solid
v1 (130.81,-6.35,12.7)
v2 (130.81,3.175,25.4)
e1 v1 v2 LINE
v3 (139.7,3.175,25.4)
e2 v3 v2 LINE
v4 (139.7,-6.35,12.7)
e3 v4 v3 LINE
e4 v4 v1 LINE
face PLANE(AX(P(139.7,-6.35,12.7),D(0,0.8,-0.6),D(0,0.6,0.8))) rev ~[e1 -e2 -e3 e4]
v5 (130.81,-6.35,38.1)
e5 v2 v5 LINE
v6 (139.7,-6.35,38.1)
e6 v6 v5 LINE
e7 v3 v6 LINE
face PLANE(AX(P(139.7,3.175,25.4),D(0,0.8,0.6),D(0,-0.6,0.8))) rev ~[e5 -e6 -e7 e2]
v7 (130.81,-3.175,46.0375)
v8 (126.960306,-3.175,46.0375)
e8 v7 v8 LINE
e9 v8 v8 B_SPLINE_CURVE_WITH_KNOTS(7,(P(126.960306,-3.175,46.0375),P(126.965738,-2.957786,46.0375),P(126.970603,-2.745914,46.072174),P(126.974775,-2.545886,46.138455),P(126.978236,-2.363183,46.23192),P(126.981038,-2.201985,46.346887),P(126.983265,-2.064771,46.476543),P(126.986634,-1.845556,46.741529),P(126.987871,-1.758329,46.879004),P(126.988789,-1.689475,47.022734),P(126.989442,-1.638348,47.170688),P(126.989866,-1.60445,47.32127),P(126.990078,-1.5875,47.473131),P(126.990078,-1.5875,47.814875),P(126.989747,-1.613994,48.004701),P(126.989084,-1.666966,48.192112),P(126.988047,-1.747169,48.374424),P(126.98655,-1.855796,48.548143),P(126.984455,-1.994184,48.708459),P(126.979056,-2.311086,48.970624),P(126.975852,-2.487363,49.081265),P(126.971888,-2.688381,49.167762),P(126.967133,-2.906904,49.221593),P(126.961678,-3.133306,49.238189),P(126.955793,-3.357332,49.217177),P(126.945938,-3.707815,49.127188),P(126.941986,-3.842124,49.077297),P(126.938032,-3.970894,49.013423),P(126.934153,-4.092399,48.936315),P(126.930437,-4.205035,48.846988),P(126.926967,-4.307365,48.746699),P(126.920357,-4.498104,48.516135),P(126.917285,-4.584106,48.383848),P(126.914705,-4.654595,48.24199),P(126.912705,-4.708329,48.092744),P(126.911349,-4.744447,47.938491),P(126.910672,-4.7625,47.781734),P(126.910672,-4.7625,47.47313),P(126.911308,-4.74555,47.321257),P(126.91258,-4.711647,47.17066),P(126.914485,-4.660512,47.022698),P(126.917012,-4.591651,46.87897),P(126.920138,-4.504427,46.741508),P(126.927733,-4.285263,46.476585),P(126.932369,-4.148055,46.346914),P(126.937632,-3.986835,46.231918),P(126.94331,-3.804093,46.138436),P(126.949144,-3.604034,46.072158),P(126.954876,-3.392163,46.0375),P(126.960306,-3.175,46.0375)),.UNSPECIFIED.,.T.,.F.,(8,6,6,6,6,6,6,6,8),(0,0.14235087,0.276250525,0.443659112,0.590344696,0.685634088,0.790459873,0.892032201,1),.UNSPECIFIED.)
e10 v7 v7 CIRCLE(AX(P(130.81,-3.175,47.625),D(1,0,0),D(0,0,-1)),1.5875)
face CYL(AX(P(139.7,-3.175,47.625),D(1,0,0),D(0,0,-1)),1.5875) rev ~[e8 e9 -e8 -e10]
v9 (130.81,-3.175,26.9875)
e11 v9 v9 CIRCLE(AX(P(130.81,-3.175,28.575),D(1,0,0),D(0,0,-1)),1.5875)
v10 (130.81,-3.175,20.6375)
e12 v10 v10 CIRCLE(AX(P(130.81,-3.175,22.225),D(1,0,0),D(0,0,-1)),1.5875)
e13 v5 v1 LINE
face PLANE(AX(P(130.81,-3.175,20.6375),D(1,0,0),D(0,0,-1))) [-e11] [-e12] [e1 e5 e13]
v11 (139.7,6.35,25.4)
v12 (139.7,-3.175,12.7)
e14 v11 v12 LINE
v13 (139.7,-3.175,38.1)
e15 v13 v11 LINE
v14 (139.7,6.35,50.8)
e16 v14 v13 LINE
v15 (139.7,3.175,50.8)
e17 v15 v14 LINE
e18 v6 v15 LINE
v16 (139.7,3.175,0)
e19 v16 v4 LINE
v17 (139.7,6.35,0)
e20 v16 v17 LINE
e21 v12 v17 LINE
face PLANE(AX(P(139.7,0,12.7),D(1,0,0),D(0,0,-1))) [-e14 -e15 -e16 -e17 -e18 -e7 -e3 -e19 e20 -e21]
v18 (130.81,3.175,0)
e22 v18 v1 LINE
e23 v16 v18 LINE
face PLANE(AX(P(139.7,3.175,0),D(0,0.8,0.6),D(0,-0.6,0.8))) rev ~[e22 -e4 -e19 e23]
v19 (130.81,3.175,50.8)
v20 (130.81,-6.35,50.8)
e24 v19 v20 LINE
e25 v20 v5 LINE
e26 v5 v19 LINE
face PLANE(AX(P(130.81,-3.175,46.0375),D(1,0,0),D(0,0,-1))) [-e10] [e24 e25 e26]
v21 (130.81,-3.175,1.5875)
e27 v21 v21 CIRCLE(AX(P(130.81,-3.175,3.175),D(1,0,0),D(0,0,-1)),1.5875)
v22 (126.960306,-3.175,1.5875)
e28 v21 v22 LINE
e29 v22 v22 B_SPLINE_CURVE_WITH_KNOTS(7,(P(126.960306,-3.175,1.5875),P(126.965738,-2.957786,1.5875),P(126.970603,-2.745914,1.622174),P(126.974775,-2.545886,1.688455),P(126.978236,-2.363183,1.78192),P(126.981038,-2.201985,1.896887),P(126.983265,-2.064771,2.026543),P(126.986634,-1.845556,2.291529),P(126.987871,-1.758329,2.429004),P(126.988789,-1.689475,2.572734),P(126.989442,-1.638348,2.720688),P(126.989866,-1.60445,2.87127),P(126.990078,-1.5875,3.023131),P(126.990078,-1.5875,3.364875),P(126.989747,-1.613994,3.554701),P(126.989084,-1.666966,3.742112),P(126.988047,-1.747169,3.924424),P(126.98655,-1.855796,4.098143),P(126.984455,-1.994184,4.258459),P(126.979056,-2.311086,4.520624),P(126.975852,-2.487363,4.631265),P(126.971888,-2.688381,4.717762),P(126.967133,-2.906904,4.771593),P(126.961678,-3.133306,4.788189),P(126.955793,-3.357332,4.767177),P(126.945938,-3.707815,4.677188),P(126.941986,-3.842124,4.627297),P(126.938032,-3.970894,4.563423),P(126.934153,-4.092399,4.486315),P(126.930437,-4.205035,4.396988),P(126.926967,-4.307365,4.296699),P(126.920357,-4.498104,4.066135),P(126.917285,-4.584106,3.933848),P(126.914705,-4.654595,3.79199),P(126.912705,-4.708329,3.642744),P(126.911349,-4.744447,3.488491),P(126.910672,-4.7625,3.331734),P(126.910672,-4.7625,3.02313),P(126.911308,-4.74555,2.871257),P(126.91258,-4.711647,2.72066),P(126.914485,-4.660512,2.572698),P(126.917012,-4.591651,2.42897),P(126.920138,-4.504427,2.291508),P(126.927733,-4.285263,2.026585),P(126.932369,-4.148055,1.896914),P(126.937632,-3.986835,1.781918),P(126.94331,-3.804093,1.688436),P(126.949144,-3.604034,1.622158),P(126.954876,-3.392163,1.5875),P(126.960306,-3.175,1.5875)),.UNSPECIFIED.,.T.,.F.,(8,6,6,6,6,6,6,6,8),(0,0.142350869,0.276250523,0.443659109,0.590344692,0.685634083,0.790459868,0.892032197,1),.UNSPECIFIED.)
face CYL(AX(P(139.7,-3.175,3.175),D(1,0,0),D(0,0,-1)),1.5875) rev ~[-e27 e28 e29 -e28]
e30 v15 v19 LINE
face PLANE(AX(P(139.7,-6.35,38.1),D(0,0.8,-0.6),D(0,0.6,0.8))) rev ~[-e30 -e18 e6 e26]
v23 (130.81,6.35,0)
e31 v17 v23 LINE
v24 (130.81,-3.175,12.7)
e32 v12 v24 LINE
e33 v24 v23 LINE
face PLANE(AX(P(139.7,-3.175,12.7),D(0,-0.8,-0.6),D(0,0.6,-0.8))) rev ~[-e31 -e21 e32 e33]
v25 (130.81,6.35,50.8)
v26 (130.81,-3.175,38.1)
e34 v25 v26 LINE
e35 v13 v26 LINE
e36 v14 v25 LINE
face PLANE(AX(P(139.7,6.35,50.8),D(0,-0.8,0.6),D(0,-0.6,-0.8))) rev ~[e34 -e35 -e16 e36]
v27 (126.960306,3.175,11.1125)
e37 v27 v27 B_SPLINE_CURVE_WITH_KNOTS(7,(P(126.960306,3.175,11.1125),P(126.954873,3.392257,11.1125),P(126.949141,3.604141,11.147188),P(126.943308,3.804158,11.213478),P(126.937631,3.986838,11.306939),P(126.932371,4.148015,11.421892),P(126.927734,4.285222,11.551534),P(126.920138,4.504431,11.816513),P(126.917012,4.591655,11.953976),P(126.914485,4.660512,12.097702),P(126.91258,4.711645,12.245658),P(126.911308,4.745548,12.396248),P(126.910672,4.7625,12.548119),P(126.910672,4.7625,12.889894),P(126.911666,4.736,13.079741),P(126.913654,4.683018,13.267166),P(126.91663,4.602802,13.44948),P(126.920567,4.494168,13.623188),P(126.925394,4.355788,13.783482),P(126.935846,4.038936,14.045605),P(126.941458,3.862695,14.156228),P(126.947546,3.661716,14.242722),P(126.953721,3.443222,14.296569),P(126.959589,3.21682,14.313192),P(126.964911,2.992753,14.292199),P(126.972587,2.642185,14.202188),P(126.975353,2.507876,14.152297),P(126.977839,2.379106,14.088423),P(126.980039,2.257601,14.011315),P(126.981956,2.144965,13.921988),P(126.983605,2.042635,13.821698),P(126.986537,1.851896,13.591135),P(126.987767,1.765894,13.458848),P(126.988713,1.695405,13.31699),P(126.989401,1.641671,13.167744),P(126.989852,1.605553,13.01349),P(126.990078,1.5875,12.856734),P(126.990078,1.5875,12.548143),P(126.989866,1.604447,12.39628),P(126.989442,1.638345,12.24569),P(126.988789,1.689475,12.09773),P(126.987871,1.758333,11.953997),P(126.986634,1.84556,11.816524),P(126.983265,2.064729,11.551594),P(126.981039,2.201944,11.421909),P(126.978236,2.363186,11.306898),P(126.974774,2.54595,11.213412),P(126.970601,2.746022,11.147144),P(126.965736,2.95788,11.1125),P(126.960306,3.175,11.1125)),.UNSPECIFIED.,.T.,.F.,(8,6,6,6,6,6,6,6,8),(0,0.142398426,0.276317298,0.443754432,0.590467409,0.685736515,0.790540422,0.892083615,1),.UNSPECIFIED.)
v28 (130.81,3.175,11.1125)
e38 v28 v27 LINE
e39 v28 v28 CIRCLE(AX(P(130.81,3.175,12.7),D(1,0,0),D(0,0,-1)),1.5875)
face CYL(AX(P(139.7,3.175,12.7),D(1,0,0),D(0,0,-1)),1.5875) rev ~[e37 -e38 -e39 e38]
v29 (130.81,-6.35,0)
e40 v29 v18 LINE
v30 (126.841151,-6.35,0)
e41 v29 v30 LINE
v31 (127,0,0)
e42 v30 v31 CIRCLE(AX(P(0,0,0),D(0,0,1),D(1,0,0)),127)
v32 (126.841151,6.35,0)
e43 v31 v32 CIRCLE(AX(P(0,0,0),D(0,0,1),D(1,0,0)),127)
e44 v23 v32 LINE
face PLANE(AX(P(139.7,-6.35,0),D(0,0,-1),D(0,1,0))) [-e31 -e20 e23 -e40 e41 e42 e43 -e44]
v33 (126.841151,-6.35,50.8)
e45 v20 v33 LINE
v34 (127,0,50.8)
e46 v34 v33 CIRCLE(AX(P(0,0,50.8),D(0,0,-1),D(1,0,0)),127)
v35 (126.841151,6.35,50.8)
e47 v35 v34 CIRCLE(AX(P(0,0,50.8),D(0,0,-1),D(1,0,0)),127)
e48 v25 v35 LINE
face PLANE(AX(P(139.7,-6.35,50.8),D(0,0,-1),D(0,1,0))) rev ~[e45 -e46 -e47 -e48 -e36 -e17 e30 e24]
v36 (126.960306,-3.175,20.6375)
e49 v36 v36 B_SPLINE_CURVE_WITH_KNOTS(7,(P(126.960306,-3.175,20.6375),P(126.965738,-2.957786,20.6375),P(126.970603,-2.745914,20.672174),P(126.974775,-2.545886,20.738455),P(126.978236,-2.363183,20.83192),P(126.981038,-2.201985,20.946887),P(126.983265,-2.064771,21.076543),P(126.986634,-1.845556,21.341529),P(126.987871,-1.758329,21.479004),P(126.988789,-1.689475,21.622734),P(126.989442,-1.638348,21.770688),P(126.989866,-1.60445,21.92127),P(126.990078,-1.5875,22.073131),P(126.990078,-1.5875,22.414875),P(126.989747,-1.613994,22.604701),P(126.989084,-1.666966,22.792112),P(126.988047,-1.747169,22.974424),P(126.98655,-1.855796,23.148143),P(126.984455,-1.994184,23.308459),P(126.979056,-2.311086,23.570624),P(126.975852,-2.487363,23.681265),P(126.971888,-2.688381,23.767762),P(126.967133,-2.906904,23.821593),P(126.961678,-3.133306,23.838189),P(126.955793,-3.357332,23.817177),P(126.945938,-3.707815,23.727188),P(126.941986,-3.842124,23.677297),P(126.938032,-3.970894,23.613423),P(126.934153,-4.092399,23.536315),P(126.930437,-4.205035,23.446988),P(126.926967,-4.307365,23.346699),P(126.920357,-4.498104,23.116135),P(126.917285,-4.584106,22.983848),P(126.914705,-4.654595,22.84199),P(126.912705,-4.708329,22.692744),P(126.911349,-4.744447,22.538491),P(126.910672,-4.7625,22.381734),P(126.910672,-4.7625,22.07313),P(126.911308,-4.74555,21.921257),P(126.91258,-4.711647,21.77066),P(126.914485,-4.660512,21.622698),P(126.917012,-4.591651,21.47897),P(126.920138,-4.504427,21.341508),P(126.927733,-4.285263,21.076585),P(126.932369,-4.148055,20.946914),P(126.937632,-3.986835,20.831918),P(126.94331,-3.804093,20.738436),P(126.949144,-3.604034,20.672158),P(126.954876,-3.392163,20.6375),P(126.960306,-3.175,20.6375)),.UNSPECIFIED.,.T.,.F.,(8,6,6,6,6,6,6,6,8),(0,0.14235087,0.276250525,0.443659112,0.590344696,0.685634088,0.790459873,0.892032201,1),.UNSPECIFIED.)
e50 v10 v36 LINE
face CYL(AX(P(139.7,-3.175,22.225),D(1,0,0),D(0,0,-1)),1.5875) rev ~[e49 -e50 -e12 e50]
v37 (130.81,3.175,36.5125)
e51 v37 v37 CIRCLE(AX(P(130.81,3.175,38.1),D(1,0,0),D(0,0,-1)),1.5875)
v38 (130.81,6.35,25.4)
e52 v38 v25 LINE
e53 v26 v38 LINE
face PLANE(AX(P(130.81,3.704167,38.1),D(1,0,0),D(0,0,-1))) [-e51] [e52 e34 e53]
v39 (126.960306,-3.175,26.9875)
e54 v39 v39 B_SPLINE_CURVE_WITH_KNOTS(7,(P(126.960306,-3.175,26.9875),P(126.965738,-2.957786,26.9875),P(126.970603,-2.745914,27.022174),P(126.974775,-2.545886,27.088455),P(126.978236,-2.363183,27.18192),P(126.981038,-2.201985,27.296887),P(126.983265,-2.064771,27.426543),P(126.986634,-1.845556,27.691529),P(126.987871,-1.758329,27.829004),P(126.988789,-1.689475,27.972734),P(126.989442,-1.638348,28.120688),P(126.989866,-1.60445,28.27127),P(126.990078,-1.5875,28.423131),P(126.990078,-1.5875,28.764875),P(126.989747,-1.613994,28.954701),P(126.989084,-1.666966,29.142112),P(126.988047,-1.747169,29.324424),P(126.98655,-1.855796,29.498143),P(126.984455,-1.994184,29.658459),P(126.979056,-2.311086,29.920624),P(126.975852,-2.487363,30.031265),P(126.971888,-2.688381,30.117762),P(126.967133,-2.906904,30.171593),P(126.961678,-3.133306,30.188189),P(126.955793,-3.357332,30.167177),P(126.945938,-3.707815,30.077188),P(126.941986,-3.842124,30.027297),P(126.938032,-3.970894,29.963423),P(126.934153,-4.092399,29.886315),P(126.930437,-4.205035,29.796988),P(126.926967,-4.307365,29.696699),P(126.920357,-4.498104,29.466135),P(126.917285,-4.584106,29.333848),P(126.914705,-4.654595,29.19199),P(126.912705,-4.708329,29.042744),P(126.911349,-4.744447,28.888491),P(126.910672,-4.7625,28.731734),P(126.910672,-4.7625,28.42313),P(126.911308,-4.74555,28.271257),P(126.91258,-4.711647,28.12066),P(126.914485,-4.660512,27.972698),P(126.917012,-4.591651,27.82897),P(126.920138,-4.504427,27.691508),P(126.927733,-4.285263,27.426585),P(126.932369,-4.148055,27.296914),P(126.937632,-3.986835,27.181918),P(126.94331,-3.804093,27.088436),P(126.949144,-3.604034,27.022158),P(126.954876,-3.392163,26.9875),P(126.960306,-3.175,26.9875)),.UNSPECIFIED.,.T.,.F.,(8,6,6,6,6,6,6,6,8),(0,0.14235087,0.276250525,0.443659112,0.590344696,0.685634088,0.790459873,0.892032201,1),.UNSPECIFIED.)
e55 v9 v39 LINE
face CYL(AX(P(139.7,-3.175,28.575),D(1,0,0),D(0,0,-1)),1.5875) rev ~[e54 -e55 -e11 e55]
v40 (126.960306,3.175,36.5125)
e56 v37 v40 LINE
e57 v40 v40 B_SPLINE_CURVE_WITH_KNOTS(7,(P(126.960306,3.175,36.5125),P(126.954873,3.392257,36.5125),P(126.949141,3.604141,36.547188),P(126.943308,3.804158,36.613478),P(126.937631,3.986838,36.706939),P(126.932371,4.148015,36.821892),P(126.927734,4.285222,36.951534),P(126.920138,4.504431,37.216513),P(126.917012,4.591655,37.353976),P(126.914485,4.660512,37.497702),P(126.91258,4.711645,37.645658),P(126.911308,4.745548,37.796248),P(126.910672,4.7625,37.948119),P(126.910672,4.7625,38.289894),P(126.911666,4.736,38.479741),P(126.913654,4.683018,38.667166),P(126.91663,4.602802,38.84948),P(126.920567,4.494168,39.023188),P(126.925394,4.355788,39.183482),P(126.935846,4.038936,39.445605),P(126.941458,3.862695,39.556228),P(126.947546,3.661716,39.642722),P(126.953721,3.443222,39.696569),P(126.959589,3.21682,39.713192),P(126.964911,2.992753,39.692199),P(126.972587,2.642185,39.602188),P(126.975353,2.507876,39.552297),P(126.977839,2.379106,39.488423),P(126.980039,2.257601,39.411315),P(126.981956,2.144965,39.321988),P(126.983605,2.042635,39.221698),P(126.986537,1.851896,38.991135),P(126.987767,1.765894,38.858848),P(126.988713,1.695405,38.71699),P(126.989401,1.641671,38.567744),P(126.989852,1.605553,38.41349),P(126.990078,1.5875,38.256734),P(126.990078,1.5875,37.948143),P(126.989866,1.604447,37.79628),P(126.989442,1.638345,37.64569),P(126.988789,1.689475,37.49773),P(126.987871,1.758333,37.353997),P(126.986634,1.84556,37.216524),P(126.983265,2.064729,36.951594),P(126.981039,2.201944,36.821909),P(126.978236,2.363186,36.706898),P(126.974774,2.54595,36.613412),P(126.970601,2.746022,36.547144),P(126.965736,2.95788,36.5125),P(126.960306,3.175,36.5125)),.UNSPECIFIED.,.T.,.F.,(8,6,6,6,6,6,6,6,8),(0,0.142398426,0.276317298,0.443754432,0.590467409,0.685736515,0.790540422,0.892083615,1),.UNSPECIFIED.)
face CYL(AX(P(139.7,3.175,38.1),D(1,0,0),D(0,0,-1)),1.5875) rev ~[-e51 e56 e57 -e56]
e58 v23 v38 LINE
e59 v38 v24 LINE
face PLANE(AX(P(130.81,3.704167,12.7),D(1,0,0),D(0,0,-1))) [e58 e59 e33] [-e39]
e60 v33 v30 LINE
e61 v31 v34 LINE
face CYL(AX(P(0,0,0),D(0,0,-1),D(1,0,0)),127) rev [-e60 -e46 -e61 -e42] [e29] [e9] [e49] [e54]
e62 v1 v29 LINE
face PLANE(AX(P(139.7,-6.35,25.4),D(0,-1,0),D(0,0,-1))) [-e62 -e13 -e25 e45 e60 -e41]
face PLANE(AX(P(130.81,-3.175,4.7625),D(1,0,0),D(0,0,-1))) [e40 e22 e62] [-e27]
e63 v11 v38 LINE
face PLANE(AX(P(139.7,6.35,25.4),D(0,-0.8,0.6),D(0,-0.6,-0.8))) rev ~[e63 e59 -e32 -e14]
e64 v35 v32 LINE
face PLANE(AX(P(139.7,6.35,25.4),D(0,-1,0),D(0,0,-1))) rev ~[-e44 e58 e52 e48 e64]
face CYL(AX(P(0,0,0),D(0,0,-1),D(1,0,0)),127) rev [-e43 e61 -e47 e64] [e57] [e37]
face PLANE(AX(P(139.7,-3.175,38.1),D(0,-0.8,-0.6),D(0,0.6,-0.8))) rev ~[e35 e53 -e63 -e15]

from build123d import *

# Parameters (mm, degrees)
SKETCH1_R           = 127
BOSS_EXTRUDE1_DEPTH = 50.8
SKETCH2_W           = 25.4
SKETCH2_H           = 12.7
SKETCH2_R           = 1.5875
BOSS_EXTRUDE2_DEPTH = 15.24
SKETCH2_4_R         = 1.5875
CUT_EXTRUDE1_DEPTH  = 8.89
LPATTERN1_COUNT     = 2
LPATTERN1_PITCH     = 25.4
SKETCH1_2_R         = 127
CUT_EXTRUDE2_DEPTH  = 196.514014843


with BuildPart() as part:
    # Sketch1 → Boss-Extrude1 (new body)
    with BuildSketch(Plane.XY):
        Circle(SKETCH1_R)
    extrude(amount=BOSS_EXTRUDE1_DEPTH)


with BuildPart() as body_2:
    # Sketch2 → Boss-Extrude2 (new body)
    with BuildSketch(Plane(origin=(139.7, 0, 0), x_dir=(0, 0, -1), z_dir=(1, 0, 0))):
        with Locations((-12.7, 0)):
            Rectangle(SKETCH2_W, SKETCH2_H)
        with Locations((-3.175, -3.175)):
            Circle(SKETCH2_R, mode=Mode.SUBTRACT)
        with Locations((-22.225, -3.175)):
            Circle(SKETCH2_R, mode=Mode.SUBTRACT)
        with Locations((-12.7, 3.175)):
            Circle(SKETCH2_R, mode=Mode.SUBTRACT)
    extrude(amount=-BOSS_EXTRUDE2_DEPTH)

    # Sketch2<4> → Cut-Extrude1 (cut)
    # profile 1 of 3: a face of its own
    with BuildSketch(Plane(origin=(139.7, 0, 0), x_dir=(0, 0, -1), z_dir=(1, 0, 0))):
        Polygon((0, -6.35), (0, 3.175), (-12.7, -6.35), align=None)
        with Locations((-3.175, -3.175)):
            Circle(SKETCH2_4_R, mode=Mode.SUBTRACT)
    # profile 2 of 3: a face of its own
    with BuildSketch(Plane(origin=(139.7, 0, 0), x_dir=(0, 0, -1), z_dir=(1, 0, 0))):
        Polygon((-12.7, -3.175), (0, 6.35), (-25.4, 6.35), align=None)
        with Locations((-12.7, 3.175)):
            Circle(SKETCH2_4_R, mode=Mode.SUBTRACT)
    # profile 3 of 3: a face of its own
    with BuildSketch(Plane(origin=(139.7, 0, 0), x_dir=(0, 0, -1), z_dir=(1, 0, 0))):
        Polygon((-25.4, -6.35), (-12.7, -6.35), (-25.4, 3.175), align=None)
        with Locations((-22.225, -3.175)):
            Circle(SKETCH2_4_R, mode=Mode.SUBTRACT)
    extrude(amount=-CUT_EXTRUDE1_DEPTH, mode=Mode.SUBTRACT)


with BuildPart() as lpattern1_1:
    # LPattern1: pattern copy
    add(body_2.part.moved(Location(Vector(0, 0, 1) * (1 * LPATTERN1_PITCH))))

    # Combine1: union body 2
    add(body_2.part)


with BuildPart() as cut_extrude2_tool:
    # Sketch1<2> → Cut-Extrude2 (new, through all)
    with BuildSketch(Plane.XY):
        Circle(SKETCH1_2_R)
    extrude(amount=CUT_EXTRUDE2_DEPTH)


with BuildPart() as part_1:
    add(part.part)

    # Cut-Extrude2: cut by cut_extrude2_tool
    add(cut_extrude2_tool.part, mode=Mode.SUBTRACT)


with BuildPart() as lpattern1_1_1:
    add(lpattern1_1.part)

    # Cut-Extrude2: cut by cut_extrude2_tool
    add(cut_extrude2_tool.part, mode=Mode.SUBTRACT)


solid = lpattern1_1_1.part
